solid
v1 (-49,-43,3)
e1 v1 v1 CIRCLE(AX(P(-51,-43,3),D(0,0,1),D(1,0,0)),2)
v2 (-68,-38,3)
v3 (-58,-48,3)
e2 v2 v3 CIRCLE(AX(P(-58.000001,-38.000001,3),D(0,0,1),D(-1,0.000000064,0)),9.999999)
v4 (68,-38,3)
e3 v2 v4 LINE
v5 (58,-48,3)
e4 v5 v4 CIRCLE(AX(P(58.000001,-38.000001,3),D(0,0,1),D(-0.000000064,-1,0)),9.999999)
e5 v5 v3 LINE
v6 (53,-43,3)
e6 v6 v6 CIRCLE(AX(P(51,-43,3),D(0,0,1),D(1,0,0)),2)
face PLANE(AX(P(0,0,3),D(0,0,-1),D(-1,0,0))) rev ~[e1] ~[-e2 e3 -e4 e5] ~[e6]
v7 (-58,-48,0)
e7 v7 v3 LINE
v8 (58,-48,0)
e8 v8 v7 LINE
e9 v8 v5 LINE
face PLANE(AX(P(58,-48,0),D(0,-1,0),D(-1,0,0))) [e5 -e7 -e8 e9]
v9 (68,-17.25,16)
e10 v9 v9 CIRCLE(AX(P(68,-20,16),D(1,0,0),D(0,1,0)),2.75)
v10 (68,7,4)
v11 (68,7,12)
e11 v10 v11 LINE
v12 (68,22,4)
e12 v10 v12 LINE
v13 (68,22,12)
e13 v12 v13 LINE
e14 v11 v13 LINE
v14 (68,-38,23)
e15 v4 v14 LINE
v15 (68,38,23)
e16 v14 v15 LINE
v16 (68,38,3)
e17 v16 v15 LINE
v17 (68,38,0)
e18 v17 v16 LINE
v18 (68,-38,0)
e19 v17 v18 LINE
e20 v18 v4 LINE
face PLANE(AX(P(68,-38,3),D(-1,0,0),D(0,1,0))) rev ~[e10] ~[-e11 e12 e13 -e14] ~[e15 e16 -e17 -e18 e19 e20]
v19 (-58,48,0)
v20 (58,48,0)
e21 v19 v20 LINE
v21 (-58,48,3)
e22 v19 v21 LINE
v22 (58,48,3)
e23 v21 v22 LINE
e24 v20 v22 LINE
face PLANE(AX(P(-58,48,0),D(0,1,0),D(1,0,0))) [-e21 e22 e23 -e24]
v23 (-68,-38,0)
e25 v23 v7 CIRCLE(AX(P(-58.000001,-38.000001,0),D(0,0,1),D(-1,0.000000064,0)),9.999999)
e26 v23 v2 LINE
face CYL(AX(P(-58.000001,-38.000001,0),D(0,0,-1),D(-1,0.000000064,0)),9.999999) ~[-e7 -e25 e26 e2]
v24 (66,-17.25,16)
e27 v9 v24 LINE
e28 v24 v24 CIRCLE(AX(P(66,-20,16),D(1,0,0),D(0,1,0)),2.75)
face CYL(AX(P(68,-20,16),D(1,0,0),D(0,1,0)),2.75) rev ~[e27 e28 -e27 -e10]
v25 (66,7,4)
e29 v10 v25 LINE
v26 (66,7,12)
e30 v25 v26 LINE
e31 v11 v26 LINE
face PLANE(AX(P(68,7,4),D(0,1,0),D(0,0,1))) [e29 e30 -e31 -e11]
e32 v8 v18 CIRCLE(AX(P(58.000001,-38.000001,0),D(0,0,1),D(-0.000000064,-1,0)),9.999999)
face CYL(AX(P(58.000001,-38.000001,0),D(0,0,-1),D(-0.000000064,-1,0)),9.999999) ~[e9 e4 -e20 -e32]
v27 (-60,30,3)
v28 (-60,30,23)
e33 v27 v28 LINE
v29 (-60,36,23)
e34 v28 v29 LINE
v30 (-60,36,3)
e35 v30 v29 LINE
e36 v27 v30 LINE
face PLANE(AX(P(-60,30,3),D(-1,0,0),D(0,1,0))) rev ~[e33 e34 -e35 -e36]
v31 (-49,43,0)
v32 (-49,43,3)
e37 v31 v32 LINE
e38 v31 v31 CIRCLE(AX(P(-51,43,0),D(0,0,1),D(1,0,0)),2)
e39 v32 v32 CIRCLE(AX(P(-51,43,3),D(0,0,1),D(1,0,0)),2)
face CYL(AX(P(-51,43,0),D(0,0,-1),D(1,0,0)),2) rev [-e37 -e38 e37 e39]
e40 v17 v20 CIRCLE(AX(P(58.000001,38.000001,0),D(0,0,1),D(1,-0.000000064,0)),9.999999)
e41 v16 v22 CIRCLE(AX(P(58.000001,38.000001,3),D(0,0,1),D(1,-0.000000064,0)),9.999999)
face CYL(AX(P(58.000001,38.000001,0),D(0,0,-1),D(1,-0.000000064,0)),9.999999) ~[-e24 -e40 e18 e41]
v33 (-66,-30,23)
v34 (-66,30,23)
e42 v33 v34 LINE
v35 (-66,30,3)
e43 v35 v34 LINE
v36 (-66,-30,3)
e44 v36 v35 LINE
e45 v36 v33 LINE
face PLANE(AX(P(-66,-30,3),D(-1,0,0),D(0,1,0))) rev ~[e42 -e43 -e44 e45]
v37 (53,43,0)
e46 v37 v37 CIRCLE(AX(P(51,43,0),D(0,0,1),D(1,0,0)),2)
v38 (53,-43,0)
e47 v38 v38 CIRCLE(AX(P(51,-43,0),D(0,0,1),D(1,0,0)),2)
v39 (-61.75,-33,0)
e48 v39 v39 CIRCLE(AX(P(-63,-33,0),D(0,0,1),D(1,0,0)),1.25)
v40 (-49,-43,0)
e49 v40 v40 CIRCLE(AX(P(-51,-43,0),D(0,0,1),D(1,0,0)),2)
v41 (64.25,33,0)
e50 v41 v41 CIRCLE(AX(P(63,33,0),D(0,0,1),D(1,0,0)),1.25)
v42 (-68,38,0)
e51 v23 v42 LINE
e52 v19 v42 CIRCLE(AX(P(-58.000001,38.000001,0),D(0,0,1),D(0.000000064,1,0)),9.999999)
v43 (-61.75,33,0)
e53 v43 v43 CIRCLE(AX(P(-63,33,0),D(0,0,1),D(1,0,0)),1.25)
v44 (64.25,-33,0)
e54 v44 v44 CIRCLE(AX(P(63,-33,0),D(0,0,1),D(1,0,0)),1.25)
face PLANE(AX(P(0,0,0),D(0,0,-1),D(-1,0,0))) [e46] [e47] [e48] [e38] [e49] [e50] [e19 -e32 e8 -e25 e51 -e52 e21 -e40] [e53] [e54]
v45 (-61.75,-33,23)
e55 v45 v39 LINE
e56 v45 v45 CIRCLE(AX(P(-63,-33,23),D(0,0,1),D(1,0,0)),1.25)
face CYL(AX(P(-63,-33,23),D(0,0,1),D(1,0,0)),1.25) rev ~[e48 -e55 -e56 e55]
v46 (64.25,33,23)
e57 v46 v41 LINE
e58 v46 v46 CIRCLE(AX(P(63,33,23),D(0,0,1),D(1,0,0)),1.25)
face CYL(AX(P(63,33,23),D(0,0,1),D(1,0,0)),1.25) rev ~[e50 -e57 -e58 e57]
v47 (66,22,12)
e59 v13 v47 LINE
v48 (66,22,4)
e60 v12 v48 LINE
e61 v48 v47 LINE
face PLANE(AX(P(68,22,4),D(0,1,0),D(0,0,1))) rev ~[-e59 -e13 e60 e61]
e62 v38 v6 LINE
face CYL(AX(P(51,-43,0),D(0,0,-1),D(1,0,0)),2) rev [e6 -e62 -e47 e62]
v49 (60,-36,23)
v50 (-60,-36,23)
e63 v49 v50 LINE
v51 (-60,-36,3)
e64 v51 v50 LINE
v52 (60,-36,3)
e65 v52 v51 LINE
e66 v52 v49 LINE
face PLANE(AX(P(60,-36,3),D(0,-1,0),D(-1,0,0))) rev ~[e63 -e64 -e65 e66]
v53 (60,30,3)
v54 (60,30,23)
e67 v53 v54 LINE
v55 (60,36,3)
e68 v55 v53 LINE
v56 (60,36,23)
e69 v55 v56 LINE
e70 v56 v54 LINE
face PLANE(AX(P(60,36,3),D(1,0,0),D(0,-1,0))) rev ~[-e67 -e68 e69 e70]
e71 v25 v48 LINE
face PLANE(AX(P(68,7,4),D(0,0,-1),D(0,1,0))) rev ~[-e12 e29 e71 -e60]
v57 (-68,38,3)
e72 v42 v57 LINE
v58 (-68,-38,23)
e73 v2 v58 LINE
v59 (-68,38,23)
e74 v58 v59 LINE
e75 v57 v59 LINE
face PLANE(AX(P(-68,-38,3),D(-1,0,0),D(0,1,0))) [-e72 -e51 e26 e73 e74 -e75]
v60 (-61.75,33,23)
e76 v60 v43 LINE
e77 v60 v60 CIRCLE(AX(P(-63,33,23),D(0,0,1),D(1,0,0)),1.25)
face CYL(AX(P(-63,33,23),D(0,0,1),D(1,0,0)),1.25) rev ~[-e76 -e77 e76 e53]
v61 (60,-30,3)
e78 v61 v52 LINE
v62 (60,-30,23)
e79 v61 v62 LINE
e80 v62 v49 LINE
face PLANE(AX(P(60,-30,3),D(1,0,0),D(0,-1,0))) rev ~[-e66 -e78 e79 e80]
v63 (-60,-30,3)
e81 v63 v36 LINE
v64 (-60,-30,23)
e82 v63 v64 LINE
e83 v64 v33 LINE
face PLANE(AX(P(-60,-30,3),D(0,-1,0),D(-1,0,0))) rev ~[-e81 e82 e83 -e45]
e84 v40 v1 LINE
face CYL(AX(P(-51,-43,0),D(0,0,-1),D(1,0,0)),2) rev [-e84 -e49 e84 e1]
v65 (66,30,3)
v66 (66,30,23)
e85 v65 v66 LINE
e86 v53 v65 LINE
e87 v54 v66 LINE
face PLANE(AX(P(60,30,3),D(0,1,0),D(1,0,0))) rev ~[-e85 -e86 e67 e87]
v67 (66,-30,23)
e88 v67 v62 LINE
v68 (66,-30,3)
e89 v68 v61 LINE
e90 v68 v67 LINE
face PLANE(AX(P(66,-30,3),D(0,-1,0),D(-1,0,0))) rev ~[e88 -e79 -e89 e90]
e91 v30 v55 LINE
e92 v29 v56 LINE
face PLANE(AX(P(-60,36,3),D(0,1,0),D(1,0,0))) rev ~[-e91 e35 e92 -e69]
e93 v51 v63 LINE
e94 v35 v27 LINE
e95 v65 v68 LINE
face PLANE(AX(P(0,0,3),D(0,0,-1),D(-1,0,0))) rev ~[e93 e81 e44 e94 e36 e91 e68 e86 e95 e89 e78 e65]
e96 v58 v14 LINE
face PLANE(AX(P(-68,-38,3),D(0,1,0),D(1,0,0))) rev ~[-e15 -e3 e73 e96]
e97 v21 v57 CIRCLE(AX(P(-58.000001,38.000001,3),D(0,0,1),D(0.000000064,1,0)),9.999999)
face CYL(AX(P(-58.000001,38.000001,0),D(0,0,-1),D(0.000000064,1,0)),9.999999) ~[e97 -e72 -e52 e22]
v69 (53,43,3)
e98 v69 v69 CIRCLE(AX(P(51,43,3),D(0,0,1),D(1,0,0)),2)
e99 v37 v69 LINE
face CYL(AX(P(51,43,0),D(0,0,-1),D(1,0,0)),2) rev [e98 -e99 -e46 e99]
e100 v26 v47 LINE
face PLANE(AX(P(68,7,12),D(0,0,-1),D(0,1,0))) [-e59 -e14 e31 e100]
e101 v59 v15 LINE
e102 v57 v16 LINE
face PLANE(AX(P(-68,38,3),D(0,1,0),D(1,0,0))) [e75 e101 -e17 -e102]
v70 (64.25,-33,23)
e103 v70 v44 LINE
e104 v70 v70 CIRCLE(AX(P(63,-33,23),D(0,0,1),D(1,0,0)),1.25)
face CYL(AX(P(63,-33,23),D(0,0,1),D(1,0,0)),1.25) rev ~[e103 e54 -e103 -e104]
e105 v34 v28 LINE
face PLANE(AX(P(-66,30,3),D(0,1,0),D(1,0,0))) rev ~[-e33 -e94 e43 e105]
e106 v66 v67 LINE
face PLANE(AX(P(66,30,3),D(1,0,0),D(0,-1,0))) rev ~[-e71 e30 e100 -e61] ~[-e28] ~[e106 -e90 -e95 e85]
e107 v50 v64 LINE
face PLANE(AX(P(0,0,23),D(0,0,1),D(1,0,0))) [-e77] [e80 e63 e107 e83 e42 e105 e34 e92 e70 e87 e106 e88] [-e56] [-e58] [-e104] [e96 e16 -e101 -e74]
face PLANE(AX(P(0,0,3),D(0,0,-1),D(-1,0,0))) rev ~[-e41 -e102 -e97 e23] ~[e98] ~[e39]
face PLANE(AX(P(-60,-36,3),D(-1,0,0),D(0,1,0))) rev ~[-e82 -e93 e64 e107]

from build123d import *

# Parameters (mm, degrees)
SKETCH_R        = 2
PAD_DEPTH       = 3
SKETCH001_W     = 136
SKETCH001_H     = 76
PAD001_DEPTH    = 20
SKETCH002_R     = 1.25
POCKET_DEPTH    = 23
SKETCH003_R     = 2.75
SKETCH003_W     = 15
SKETCH003_H     = 8
POCKET001_DEPTH = 5


with BuildPart() as part:
    # Sketch → Pad (new body)
    with BuildSketch(Plane.XY):
        with BuildLine():
            Line((-58, 48), (58, 48))
            ThreePointArc((68, 38), (65.071068, 45.071068), (58, 48))
            Line((68, 38), (68, -38))
            ThreePointArc((58, -48), (65.071068, -45.071068), (68, -38))
            Line((58, -48), (-58, -48))
            ThreePointArc((-68, -38), (-65.071068, -45.071068), (-58, -48))
            Line((-68, -38), (-68, 38))
            ThreePointArc((-58, 48), (-65.071068, 45.071068), (-68, 38))
        make_face()
        with Locations((-51, 43)):
            Circle(SKETCH_R, mode=Mode.SUBTRACT)
        with Locations((51, 43)):
            Circle(SKETCH_R, mode=Mode.SUBTRACT)
        with Locations((-51, -43)):
            Circle(SKETCH_R, mode=Mode.SUBTRACT)
        with Locations((51, -43)):
            Circle(SKETCH_R, mode=Mode.SUBTRACT)
    extrude(amount=PAD_DEPTH)

    # Sketch001 (on Face14 of Pad) → Pad001 (join)
    with BuildSketch(Plane.XY.offset(3)):
        Rectangle(SKETCH001_W, SKETCH001_H)
        Polygon((-60, 36), (60, 36), (60, 30), (66, 30), (66, -30), (60, -30), (60, -36), (-60, -36), (-60, -30), (-66, -30), (-66, 30), (-60, 30), align=None, mode=Mode.SUBTRACT)
    extrude(amount=PAD001_DEPTH)

    # Sketch002 → Pocket (cut)
    with BuildSketch(Plane.XY.offset(23)):
        with Locations((63, -33)):
            Circle(SKETCH002_R)
        with Locations((-63, -33)):
            Circle(SKETCH002_R)
        with Locations((-63, 33)):
            Circle(SKETCH002_R)
        with Locations((63, 33)):
            Circle(SKETCH002_R)
    extrude(amount=-POCKET_DEPTH, mode=Mode.SUBTRACT)

    # Sketch003 (on Face24 of Pocket) → Pocket001 (cut)
    with BuildSketch(Plane.YZ.offset(68)):
        with Locations((-20, 16)):
            Circle(SKETCH003_R)
        with Locations((14.5, 8)):
            Rectangle(SKETCH003_W, SKETCH003_H)
    extrude(amount=-POCKET001_DEPTH, mode=Mode.SUBTRACT)


solid = part.part
